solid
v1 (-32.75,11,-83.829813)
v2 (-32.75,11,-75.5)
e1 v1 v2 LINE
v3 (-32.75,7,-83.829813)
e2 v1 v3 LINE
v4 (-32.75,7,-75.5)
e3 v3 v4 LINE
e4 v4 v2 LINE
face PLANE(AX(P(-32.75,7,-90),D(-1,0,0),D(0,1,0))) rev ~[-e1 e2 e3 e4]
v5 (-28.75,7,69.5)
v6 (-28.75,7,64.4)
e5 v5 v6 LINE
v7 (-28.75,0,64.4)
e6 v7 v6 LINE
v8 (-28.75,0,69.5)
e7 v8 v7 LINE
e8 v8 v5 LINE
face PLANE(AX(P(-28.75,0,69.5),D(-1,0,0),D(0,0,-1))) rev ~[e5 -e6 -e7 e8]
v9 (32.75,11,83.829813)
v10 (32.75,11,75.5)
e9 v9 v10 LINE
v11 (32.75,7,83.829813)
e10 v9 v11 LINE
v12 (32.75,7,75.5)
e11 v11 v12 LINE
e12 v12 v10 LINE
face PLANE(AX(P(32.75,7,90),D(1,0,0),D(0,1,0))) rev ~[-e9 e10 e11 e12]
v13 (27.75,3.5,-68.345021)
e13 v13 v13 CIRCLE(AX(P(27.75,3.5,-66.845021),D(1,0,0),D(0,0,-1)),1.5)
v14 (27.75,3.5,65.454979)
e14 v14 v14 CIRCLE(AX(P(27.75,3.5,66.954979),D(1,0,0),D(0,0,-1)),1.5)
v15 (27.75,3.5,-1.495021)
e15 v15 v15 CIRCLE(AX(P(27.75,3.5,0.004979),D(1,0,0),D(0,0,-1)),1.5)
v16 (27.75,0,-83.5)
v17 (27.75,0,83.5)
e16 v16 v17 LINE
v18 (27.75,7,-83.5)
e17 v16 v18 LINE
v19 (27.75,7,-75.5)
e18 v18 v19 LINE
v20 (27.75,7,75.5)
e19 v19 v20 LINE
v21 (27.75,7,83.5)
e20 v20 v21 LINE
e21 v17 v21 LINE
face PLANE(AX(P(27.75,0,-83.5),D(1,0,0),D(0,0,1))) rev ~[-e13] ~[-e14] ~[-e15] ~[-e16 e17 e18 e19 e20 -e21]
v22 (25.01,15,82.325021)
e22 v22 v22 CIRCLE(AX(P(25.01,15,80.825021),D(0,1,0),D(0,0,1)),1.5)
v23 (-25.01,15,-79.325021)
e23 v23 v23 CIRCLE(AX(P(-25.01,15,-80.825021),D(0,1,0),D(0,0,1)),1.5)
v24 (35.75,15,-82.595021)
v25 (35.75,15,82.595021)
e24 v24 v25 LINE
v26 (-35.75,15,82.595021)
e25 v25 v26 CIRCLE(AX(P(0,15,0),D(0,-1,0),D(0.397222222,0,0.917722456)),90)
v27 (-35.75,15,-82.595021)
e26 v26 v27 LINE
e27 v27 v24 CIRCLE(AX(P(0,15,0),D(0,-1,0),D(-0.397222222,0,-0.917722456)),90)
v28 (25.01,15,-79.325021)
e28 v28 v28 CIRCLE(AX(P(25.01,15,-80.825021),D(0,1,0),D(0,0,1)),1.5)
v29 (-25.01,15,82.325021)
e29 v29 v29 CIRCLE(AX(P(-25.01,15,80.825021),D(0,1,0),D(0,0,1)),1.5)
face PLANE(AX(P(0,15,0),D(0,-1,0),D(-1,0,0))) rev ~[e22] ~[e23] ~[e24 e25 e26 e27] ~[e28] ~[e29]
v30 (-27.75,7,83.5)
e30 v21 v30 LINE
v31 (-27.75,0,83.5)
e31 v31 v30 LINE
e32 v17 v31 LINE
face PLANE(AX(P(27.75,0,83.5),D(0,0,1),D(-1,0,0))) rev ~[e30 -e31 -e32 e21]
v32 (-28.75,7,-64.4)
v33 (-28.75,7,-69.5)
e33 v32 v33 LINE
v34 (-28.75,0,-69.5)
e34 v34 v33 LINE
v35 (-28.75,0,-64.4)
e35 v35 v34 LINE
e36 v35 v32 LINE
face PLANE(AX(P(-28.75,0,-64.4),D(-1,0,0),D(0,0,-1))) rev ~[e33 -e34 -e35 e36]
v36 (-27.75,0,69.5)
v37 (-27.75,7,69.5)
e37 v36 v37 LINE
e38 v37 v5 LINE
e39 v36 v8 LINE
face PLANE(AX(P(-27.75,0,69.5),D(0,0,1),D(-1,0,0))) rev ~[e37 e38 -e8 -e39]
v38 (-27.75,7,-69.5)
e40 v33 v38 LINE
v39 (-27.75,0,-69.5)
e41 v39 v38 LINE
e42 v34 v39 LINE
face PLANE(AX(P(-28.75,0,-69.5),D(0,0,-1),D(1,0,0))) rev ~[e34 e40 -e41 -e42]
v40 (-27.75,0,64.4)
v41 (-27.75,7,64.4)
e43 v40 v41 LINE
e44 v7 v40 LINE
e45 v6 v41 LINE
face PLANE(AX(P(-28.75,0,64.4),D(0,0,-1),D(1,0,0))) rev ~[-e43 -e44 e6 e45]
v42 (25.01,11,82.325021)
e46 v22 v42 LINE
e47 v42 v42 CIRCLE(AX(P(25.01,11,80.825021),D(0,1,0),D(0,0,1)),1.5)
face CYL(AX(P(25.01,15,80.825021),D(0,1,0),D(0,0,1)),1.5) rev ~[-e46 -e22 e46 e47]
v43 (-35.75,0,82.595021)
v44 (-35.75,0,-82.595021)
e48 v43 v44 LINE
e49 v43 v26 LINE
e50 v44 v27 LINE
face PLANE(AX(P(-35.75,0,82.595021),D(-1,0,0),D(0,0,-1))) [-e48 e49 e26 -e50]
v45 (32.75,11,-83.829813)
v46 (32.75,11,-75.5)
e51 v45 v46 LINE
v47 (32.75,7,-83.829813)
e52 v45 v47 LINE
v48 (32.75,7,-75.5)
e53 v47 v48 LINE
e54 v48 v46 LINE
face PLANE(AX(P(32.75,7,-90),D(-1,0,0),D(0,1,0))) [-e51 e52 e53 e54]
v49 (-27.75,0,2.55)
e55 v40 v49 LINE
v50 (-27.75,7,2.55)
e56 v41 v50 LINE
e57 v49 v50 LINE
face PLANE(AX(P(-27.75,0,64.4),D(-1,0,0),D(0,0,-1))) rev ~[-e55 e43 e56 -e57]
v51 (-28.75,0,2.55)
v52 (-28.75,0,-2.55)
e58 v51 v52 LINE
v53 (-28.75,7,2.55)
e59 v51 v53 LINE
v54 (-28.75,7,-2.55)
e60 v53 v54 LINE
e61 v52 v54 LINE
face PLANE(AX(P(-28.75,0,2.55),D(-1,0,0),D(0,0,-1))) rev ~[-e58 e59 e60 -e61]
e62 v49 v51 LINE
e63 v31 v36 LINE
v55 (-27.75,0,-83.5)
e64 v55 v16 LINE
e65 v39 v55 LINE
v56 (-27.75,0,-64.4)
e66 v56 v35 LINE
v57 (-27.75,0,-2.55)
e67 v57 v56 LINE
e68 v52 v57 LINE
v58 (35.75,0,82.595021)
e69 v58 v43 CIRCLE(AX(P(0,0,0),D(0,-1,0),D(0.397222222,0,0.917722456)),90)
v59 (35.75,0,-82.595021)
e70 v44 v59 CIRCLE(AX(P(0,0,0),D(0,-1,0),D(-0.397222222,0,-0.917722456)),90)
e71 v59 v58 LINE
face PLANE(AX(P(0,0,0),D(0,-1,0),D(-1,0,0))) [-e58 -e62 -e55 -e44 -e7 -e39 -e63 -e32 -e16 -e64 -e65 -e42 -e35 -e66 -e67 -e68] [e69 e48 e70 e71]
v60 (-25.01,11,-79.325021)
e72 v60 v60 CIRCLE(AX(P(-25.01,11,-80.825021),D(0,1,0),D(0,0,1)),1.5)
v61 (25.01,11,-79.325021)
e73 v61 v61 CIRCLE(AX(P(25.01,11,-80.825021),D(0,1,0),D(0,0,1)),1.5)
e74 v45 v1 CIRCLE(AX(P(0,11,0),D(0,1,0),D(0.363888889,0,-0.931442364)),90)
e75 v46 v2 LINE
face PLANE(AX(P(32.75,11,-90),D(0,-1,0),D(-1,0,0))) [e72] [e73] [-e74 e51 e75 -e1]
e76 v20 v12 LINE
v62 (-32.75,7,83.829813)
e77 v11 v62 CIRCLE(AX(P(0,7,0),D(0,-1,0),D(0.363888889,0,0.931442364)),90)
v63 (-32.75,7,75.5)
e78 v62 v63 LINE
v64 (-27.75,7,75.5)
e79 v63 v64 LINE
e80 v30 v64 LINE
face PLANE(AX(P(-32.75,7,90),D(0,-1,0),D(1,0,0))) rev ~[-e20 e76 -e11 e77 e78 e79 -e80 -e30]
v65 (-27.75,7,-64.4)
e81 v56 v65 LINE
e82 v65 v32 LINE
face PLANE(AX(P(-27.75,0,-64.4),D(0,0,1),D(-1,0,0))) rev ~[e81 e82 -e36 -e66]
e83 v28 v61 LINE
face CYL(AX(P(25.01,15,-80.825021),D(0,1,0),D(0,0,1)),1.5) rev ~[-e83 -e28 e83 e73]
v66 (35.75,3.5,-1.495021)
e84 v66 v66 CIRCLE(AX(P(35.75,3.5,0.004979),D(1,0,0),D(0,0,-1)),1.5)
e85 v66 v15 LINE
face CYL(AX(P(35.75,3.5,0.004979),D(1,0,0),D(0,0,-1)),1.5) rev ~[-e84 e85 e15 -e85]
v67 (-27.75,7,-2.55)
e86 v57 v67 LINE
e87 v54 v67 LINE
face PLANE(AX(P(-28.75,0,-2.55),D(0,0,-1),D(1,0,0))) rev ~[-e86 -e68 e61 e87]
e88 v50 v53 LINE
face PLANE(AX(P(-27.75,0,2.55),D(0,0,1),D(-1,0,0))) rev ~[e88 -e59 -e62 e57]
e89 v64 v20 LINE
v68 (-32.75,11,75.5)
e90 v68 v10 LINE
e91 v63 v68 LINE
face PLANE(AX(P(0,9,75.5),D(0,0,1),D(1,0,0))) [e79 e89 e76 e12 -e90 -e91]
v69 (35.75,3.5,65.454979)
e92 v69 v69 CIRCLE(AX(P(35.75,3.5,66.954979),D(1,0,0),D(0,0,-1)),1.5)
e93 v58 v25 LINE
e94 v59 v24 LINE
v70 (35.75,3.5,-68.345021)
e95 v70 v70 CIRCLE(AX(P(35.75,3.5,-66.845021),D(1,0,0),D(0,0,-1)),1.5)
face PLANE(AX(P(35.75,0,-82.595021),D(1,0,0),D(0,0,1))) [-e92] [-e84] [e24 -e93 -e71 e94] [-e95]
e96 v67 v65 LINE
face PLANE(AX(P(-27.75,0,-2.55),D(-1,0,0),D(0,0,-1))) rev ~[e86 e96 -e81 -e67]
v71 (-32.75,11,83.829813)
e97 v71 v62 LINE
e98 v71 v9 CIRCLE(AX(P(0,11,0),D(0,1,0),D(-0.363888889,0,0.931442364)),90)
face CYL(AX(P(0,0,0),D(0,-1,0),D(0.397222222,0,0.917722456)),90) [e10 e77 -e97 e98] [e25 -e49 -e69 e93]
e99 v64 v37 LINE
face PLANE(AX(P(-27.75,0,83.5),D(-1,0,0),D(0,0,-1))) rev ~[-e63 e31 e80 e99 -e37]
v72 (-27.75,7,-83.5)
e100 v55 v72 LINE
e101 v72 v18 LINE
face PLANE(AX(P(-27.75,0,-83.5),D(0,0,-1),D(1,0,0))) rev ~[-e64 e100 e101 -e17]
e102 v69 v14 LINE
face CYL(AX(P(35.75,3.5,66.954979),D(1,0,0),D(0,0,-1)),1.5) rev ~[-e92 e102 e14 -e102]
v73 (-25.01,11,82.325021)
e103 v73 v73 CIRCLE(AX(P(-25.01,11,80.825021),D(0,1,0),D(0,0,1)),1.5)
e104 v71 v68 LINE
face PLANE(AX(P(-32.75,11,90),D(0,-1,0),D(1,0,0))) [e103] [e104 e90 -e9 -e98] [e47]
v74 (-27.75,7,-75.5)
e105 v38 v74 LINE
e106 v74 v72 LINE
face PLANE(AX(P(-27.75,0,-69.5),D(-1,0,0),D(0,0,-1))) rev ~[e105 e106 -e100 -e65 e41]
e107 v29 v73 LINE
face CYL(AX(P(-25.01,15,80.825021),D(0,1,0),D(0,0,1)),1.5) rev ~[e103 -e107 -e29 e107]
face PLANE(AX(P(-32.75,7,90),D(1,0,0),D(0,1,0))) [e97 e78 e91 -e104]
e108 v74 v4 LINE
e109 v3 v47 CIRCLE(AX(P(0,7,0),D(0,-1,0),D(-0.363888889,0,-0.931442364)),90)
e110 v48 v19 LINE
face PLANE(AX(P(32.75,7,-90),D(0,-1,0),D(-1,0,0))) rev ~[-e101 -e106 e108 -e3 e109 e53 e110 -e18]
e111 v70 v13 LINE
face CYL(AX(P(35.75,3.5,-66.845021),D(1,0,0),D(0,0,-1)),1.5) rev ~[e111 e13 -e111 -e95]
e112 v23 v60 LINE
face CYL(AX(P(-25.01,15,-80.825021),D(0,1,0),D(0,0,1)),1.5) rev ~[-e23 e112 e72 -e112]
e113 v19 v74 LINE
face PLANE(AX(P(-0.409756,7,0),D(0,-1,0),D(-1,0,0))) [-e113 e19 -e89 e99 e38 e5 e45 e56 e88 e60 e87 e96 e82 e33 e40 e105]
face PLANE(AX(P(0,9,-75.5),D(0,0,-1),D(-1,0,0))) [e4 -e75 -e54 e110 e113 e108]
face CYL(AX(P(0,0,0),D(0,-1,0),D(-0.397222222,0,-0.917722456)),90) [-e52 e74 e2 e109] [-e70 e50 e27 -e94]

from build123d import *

# Parameters (mm, degrees)
RESSALTO_EXTRUS_O1_DEPTH = 15
CORTE_EXTRUS_O1_DEPTH    = 7
ESBO_O4_W                = 65.5
ESBO_O4_H                = 4
CORTE_EXTRUS_O3_DEPTH    = 14.5
ESBO_O5_W                = 65.5
ESBO_O5_H                = 4
CORTE_EXTRUS_O4_DEPTH    = 14.5
ESBO_O6_R                = 1.5
CORTE_EXTRUS_O5_DEPTH    = 98.99521672
ESBO_O7_R                = 1.5
CORTE_EXTRUS_O6_DEPTH    = 14.5


with BuildPart() as part:
    # Esboço2 → Ressalto-extrusão1 (new body)
    with BuildSketch(Plane(origin=(0, 0, 0), x_dir=(1, 0, 0), z_dir=(0, 1, 0))):
        with BuildLine():
            Line((-35.75, -82.595021036), (-35.75, 82.595021036))
            ThreePointArc((-35.75, 82.595021036), (0, 90), (35.75, 82.595021036))
            Line((35.75, 82.595021036), (35.75, -82.595021036))
            ThreePointArc((35.75, -82.595021036), (0, -90), (-35.75, -82.595021036))
        make_face()
    extrude(amount=RESSALTO_EXTRUS_O1_DEPTH)

    # Esboço3 → Corte-extrusão1 (cut)
    with BuildSketch(Plane(origin=(0, 0, 0), x_dir=(-1, 0, 0), z_dir=(0, -1, 0))):
        Polygon((27.75, 69.5), (27.75, 83.5), (-27.75, 83.5), (-27.75, -83.5), (27.75, -83.5), (27.75, -69.5), (28.75, -69.5), (28.75, -64.4), (27.75, -64.4), (27.75, -2.55), (28.75, -2.55), (28.75, 2.55), (27.75, 2.55), (27.75, 64.4), (28.75, 64.4), (28.75, 69.5), align=None)
    extrude(amount=-CORTE_EXTRUS_O1_DEPTH, mode=Mode.SUBTRACT)

    # Esboço4 → Corte-extrusão3 (cut)
    with BuildSketch(Plane(origin=(0, 0, -90), x_dir=(-1, 0, 0), z_dir=(0, 0, -1))):
        with Locations((0, 9)):
            Rectangle(ESBO_O4_W, ESBO_O4_H)
    extrude(amount=-CORTE_EXTRUS_O3_DEPTH, mode=Mode.SUBTRACT)

    # Esboço5 → Corte-extrusão4 (cut)
    with BuildSketch(Plane.XY.offset(90)):
        with Locations((0, 9)):
            Rectangle(ESBO_O5_W, ESBO_O5_H)
    extrude(amount=-CORTE_EXTRUS_O4_DEPTH, mode=Mode.SUBTRACT)

    # Esboço6 → Corte-extrusão5 (cut, through all)
    with BuildSketch(Plane(origin=(0, 15, 0), x_dir=(1, 0, 0), z_dir=(0, 1, 0))):
        with Locations(Location((-25.01, 80.825021036, 0), (0, 0, 270))):
            Circle(ESBO_O6_R)
        with Locations(Location((25.01, 80.825021036, 0), (0, 0, 270))):
            Circle(ESBO_O6_R)
        with Locations(Location((-25.01, -80.825021036, 0), (0, 0, 270))):
            Circle(ESBO_O6_R)
        with Locations(Location((25.01, -80.825021036, 0), (0, 0, 270))):
            Circle(ESBO_O6_R)
    extrude(amount=-CORTE_EXTRUS_O5_DEPTH, mode=Mode.SUBTRACT)

    # Esboço7 → Corte-extrusão6 (cut)
    with BuildSketch(Plane(origin=(35.75, 0, 0), x_dir=(0, 0, -1), z_dir=(1, 0, 0))):
        with Locations((-66.954978964, 3.5)):
            Circle(ESBO_O7_R)
        with Locations((-0.004978964, 3.5)):
            Circle(ESBO_O7_R)
        with Locations((66.845021036, 3.5)):
            Circle(ESBO_O7_R)
    extrude(amount=-CORTE_EXTRUS_O6_DEPTH, mode=Mode.SUBTRACT)


solid = part.part
